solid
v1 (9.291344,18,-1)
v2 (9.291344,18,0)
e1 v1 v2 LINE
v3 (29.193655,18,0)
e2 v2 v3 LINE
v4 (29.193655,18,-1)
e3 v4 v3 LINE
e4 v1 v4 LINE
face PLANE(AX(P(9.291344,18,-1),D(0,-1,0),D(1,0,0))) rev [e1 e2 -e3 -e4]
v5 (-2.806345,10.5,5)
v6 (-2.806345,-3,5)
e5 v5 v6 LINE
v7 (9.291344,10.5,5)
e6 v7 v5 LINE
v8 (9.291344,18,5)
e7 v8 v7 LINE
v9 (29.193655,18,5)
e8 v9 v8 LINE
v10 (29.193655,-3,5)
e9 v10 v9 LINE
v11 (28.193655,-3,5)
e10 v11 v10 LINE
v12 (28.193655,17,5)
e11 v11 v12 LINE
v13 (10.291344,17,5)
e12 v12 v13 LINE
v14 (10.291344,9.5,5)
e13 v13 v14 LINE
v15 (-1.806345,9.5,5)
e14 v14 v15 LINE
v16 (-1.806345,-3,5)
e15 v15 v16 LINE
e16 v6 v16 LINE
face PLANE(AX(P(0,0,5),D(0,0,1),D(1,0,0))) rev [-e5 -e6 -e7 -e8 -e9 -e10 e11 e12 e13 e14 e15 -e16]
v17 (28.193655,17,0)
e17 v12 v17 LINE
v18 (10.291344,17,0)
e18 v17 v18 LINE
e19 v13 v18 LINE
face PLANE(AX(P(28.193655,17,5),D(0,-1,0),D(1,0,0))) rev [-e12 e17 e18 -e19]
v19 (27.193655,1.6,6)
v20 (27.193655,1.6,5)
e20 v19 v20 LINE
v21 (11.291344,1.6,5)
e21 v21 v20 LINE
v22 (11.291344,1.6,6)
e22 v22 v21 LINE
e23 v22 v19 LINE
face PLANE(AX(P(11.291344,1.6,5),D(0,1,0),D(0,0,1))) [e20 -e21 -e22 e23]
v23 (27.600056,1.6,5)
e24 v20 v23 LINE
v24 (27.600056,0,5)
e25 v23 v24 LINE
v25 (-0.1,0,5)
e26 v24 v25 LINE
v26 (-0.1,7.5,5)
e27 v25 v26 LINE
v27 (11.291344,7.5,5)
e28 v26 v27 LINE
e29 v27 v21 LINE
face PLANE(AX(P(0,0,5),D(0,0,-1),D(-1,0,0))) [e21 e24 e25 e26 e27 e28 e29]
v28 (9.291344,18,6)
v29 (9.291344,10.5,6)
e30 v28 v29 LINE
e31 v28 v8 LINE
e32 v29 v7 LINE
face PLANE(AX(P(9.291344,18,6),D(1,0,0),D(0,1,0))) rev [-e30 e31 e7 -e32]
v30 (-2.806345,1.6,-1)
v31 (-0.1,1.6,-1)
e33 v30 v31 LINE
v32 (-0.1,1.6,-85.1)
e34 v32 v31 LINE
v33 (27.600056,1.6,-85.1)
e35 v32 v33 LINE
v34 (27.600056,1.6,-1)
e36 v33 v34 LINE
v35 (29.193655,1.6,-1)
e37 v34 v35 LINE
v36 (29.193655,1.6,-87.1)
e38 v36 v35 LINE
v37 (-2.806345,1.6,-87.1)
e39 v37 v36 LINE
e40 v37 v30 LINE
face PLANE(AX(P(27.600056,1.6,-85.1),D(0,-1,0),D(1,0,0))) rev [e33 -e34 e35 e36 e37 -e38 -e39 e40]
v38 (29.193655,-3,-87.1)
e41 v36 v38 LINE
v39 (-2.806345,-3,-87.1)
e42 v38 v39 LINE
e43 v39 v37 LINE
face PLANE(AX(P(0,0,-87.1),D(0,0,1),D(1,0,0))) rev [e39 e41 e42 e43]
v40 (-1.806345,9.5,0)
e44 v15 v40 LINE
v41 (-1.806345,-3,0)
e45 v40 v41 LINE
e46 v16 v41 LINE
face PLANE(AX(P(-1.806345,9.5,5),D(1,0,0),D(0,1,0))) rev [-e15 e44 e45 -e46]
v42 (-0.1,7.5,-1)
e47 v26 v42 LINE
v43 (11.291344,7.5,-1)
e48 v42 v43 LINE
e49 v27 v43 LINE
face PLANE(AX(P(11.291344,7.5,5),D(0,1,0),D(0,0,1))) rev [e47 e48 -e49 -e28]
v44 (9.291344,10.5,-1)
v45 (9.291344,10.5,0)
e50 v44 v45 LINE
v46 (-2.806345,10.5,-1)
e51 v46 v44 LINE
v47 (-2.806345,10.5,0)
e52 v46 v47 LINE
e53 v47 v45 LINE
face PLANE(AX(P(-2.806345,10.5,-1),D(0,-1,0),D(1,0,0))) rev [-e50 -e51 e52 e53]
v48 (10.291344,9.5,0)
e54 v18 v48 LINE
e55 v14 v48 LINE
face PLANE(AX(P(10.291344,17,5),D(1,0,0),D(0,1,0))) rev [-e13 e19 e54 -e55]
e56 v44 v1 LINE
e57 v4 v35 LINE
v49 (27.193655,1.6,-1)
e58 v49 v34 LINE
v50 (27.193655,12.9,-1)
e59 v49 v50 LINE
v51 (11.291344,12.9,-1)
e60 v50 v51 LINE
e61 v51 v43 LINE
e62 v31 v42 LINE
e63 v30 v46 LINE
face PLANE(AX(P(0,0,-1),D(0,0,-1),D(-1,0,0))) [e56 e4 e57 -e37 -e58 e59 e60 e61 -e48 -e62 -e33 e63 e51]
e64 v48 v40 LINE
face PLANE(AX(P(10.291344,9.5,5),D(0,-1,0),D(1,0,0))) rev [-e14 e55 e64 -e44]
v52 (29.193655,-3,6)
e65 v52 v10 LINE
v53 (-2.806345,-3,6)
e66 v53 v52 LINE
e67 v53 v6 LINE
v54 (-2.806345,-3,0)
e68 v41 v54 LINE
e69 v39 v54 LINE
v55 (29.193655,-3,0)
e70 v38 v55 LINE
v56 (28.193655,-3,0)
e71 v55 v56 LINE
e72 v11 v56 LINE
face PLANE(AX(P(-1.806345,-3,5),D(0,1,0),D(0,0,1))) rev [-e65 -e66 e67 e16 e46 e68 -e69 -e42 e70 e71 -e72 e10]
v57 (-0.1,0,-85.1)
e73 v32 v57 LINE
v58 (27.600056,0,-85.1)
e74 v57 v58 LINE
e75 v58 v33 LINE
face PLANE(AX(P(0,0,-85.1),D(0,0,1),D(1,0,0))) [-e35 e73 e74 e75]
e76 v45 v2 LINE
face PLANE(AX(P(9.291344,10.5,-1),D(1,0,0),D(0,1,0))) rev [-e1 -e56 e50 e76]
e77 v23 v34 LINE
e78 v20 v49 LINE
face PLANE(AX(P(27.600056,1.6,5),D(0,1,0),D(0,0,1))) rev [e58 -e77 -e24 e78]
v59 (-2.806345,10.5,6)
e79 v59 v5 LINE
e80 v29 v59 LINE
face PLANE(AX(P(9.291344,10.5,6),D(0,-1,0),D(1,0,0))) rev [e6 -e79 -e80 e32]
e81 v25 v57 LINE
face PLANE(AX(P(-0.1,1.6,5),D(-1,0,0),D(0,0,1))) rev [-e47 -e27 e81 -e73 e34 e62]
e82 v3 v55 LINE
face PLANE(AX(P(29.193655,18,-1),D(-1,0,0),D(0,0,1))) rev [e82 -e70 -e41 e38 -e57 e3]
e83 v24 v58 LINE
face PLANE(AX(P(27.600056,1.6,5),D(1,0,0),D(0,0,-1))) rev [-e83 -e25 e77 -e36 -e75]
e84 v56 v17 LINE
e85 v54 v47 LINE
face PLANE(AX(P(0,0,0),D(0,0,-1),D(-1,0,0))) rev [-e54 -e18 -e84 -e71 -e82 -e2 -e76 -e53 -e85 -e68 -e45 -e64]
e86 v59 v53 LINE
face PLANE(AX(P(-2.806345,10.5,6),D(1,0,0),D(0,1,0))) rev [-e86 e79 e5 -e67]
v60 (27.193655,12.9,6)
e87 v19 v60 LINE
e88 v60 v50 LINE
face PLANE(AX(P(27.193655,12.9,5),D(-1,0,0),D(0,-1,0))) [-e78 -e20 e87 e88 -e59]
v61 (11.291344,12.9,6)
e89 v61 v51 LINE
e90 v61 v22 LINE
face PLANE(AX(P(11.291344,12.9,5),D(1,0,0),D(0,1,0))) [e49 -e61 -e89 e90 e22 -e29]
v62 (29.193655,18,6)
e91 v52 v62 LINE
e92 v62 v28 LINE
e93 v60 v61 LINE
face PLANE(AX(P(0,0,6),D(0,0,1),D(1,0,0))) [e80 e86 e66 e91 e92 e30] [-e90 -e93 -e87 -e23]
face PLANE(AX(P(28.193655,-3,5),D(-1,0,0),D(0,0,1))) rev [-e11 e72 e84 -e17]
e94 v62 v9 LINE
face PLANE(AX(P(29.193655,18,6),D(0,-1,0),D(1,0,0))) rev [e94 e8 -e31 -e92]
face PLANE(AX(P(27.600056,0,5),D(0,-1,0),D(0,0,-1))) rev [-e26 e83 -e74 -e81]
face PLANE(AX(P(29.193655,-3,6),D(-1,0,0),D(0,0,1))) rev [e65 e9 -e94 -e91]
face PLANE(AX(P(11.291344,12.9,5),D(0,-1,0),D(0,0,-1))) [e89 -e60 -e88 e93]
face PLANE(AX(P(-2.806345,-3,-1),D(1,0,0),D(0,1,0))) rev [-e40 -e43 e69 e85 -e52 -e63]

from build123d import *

# Parameters (mm, degrees)
SKETCH_2_W          = 15.902311404
SKETCH_2_H          = 11.3
EXTRUDE_1_DEPTH     = 5
EXTRUDE_2_DEPTH     = 1
EXTRUDE_4_DEPTH     = 1
SKETCH_6_W          = 15.902311404
SKETCH_6_H          = 11.3
CUT_EXTRUDE_1_DEPTH = 36.003849734
SKETCH_7_W          = 27.70005588
SKETCH_7_H          = 1.6
CUT_EXTRUDE_2_DEPTH = 6
EXTRUDE_5_DEPTH     = 84.1
SKETCH_9_W          = 32
SKETCH_9_H          = 4.6
EXTRUDE_6_DEPTH     = 2
SKETCH_10_W         = 11.391343663
SKETCH_10_H         = 5.9
CUT_EXTRUDE_3_DEPTH = 6


with BuildPart() as part:
    # 草图2 → 凸台-拉伸1 (new body)
    with BuildSketch(Plane.XY):
        Polygon((-1.806344933, -3), (28.193655067, -3), (28.193655067, 17), (10.291343663, 17), (10.291343663, 9.5), (-1.806344933, 9.5), align=None)
        with Locations((19.242499365, 7.25)):
            Rectangle(SKETCH_2_W, SKETCH_2_H, mode=Mode.SUBTRACT)
    extrude(amount=EXTRUDE_1_DEPTH)

    # 草图3 → 凸台-拉伸2 (add)
    with BuildSketch(Plane.XY.offset(5)):
        Polygon((-2.806344933, -3), (29.193655067, -3), (29.193655067, 18), (9.291343663, 18), (9.291343663, 10.5), (-2.806344933, 10.5), align=None)
    extrude(amount=EXTRUDE_2_DEPTH)

    # 草图5 → 凸台-拉伸4 (add)
    with BuildSketch(Plane(origin=(0, 0, 0), x_dir=(-1, 0, 0), z_dir=(0, 0, -1))):
        Polygon((-29.193655067, 18), (-29.193655067, -3), (-28.193655067, -3), (1.806344933, -3), (2.806344933, -3), (2.806344933, 10.5), (-9.291343663, 10.5), (-9.291343663, 18), align=None)
    extrude(amount=EXTRUDE_4_DEPTH)

    # 草图6 → 切除-拉伸1 (cut, through all)
    with BuildSketch(Plane.XY.offset(6)):
        with Locations((19.242499365, 7.25)):
            Rectangle(SKETCH_6_W, SKETCH_6_H)
    extrude(amount=-CUT_EXTRUDE_1_DEPTH, mode=Mode.SUBTRACT)

    # 草图7 → 切除-拉伸2 (cut)
    with BuildSketch(Plane(origin=(0, 0, -1), x_dir=(-1, 0, 0), z_dir=(0, 0, -1))):
        with Locations((-13.75002794, 0.8)):
            Rectangle(SKETCH_7_W, SKETCH_7_H)
    extrude(amount=-CUT_EXTRUDE_2_DEPTH, mode=Mode.SUBTRACT)

    # 草图8 → 凸台-拉伸5 (add)
    with BuildSketch(Plane(origin=(0, 0, -1), x_dir=(-1, 0, 0), z_dir=(0, 0, -1))):
        Polygon((-27.60005588, 1.6), (-29.193655067, 1.6), (-29.193655067, -3), (2.806344933, -3), (2.806344933, 1.6), (0.1, 1.6), (0.1, 0), (-27.60005588, 0), align=None)
    extrude(amount=EXTRUDE_5_DEPTH)

    # 草图9 → 凸台-拉伸6 (add)
    with BuildSketch(Plane(origin=(0, 0, -85.1), x_dir=(-1, 0, 0), z_dir=(0, 0, -1))):
        with Locations((-13.193655067, -0.7)):
            Rectangle(SKETCH_9_W, SKETCH_9_H)
    extrude(amount=EXTRUDE_6_DEPTH)

    # 草图10 → 切除-拉伸3 (cut)
    with BuildSketch(Plane(origin=(0, 0, -1), x_dir=(-1, 0, 0), z_dir=(0, 0, -1))):
        with Locations((-5.595671832, 4.55)):
            Rectangle(SKETCH_10_W, SKETCH_10_H)
    extrude(amount=-CUT_EXTRUDE_3_DEPTH, mode=Mode.SUBTRACT)


solid = part.part
